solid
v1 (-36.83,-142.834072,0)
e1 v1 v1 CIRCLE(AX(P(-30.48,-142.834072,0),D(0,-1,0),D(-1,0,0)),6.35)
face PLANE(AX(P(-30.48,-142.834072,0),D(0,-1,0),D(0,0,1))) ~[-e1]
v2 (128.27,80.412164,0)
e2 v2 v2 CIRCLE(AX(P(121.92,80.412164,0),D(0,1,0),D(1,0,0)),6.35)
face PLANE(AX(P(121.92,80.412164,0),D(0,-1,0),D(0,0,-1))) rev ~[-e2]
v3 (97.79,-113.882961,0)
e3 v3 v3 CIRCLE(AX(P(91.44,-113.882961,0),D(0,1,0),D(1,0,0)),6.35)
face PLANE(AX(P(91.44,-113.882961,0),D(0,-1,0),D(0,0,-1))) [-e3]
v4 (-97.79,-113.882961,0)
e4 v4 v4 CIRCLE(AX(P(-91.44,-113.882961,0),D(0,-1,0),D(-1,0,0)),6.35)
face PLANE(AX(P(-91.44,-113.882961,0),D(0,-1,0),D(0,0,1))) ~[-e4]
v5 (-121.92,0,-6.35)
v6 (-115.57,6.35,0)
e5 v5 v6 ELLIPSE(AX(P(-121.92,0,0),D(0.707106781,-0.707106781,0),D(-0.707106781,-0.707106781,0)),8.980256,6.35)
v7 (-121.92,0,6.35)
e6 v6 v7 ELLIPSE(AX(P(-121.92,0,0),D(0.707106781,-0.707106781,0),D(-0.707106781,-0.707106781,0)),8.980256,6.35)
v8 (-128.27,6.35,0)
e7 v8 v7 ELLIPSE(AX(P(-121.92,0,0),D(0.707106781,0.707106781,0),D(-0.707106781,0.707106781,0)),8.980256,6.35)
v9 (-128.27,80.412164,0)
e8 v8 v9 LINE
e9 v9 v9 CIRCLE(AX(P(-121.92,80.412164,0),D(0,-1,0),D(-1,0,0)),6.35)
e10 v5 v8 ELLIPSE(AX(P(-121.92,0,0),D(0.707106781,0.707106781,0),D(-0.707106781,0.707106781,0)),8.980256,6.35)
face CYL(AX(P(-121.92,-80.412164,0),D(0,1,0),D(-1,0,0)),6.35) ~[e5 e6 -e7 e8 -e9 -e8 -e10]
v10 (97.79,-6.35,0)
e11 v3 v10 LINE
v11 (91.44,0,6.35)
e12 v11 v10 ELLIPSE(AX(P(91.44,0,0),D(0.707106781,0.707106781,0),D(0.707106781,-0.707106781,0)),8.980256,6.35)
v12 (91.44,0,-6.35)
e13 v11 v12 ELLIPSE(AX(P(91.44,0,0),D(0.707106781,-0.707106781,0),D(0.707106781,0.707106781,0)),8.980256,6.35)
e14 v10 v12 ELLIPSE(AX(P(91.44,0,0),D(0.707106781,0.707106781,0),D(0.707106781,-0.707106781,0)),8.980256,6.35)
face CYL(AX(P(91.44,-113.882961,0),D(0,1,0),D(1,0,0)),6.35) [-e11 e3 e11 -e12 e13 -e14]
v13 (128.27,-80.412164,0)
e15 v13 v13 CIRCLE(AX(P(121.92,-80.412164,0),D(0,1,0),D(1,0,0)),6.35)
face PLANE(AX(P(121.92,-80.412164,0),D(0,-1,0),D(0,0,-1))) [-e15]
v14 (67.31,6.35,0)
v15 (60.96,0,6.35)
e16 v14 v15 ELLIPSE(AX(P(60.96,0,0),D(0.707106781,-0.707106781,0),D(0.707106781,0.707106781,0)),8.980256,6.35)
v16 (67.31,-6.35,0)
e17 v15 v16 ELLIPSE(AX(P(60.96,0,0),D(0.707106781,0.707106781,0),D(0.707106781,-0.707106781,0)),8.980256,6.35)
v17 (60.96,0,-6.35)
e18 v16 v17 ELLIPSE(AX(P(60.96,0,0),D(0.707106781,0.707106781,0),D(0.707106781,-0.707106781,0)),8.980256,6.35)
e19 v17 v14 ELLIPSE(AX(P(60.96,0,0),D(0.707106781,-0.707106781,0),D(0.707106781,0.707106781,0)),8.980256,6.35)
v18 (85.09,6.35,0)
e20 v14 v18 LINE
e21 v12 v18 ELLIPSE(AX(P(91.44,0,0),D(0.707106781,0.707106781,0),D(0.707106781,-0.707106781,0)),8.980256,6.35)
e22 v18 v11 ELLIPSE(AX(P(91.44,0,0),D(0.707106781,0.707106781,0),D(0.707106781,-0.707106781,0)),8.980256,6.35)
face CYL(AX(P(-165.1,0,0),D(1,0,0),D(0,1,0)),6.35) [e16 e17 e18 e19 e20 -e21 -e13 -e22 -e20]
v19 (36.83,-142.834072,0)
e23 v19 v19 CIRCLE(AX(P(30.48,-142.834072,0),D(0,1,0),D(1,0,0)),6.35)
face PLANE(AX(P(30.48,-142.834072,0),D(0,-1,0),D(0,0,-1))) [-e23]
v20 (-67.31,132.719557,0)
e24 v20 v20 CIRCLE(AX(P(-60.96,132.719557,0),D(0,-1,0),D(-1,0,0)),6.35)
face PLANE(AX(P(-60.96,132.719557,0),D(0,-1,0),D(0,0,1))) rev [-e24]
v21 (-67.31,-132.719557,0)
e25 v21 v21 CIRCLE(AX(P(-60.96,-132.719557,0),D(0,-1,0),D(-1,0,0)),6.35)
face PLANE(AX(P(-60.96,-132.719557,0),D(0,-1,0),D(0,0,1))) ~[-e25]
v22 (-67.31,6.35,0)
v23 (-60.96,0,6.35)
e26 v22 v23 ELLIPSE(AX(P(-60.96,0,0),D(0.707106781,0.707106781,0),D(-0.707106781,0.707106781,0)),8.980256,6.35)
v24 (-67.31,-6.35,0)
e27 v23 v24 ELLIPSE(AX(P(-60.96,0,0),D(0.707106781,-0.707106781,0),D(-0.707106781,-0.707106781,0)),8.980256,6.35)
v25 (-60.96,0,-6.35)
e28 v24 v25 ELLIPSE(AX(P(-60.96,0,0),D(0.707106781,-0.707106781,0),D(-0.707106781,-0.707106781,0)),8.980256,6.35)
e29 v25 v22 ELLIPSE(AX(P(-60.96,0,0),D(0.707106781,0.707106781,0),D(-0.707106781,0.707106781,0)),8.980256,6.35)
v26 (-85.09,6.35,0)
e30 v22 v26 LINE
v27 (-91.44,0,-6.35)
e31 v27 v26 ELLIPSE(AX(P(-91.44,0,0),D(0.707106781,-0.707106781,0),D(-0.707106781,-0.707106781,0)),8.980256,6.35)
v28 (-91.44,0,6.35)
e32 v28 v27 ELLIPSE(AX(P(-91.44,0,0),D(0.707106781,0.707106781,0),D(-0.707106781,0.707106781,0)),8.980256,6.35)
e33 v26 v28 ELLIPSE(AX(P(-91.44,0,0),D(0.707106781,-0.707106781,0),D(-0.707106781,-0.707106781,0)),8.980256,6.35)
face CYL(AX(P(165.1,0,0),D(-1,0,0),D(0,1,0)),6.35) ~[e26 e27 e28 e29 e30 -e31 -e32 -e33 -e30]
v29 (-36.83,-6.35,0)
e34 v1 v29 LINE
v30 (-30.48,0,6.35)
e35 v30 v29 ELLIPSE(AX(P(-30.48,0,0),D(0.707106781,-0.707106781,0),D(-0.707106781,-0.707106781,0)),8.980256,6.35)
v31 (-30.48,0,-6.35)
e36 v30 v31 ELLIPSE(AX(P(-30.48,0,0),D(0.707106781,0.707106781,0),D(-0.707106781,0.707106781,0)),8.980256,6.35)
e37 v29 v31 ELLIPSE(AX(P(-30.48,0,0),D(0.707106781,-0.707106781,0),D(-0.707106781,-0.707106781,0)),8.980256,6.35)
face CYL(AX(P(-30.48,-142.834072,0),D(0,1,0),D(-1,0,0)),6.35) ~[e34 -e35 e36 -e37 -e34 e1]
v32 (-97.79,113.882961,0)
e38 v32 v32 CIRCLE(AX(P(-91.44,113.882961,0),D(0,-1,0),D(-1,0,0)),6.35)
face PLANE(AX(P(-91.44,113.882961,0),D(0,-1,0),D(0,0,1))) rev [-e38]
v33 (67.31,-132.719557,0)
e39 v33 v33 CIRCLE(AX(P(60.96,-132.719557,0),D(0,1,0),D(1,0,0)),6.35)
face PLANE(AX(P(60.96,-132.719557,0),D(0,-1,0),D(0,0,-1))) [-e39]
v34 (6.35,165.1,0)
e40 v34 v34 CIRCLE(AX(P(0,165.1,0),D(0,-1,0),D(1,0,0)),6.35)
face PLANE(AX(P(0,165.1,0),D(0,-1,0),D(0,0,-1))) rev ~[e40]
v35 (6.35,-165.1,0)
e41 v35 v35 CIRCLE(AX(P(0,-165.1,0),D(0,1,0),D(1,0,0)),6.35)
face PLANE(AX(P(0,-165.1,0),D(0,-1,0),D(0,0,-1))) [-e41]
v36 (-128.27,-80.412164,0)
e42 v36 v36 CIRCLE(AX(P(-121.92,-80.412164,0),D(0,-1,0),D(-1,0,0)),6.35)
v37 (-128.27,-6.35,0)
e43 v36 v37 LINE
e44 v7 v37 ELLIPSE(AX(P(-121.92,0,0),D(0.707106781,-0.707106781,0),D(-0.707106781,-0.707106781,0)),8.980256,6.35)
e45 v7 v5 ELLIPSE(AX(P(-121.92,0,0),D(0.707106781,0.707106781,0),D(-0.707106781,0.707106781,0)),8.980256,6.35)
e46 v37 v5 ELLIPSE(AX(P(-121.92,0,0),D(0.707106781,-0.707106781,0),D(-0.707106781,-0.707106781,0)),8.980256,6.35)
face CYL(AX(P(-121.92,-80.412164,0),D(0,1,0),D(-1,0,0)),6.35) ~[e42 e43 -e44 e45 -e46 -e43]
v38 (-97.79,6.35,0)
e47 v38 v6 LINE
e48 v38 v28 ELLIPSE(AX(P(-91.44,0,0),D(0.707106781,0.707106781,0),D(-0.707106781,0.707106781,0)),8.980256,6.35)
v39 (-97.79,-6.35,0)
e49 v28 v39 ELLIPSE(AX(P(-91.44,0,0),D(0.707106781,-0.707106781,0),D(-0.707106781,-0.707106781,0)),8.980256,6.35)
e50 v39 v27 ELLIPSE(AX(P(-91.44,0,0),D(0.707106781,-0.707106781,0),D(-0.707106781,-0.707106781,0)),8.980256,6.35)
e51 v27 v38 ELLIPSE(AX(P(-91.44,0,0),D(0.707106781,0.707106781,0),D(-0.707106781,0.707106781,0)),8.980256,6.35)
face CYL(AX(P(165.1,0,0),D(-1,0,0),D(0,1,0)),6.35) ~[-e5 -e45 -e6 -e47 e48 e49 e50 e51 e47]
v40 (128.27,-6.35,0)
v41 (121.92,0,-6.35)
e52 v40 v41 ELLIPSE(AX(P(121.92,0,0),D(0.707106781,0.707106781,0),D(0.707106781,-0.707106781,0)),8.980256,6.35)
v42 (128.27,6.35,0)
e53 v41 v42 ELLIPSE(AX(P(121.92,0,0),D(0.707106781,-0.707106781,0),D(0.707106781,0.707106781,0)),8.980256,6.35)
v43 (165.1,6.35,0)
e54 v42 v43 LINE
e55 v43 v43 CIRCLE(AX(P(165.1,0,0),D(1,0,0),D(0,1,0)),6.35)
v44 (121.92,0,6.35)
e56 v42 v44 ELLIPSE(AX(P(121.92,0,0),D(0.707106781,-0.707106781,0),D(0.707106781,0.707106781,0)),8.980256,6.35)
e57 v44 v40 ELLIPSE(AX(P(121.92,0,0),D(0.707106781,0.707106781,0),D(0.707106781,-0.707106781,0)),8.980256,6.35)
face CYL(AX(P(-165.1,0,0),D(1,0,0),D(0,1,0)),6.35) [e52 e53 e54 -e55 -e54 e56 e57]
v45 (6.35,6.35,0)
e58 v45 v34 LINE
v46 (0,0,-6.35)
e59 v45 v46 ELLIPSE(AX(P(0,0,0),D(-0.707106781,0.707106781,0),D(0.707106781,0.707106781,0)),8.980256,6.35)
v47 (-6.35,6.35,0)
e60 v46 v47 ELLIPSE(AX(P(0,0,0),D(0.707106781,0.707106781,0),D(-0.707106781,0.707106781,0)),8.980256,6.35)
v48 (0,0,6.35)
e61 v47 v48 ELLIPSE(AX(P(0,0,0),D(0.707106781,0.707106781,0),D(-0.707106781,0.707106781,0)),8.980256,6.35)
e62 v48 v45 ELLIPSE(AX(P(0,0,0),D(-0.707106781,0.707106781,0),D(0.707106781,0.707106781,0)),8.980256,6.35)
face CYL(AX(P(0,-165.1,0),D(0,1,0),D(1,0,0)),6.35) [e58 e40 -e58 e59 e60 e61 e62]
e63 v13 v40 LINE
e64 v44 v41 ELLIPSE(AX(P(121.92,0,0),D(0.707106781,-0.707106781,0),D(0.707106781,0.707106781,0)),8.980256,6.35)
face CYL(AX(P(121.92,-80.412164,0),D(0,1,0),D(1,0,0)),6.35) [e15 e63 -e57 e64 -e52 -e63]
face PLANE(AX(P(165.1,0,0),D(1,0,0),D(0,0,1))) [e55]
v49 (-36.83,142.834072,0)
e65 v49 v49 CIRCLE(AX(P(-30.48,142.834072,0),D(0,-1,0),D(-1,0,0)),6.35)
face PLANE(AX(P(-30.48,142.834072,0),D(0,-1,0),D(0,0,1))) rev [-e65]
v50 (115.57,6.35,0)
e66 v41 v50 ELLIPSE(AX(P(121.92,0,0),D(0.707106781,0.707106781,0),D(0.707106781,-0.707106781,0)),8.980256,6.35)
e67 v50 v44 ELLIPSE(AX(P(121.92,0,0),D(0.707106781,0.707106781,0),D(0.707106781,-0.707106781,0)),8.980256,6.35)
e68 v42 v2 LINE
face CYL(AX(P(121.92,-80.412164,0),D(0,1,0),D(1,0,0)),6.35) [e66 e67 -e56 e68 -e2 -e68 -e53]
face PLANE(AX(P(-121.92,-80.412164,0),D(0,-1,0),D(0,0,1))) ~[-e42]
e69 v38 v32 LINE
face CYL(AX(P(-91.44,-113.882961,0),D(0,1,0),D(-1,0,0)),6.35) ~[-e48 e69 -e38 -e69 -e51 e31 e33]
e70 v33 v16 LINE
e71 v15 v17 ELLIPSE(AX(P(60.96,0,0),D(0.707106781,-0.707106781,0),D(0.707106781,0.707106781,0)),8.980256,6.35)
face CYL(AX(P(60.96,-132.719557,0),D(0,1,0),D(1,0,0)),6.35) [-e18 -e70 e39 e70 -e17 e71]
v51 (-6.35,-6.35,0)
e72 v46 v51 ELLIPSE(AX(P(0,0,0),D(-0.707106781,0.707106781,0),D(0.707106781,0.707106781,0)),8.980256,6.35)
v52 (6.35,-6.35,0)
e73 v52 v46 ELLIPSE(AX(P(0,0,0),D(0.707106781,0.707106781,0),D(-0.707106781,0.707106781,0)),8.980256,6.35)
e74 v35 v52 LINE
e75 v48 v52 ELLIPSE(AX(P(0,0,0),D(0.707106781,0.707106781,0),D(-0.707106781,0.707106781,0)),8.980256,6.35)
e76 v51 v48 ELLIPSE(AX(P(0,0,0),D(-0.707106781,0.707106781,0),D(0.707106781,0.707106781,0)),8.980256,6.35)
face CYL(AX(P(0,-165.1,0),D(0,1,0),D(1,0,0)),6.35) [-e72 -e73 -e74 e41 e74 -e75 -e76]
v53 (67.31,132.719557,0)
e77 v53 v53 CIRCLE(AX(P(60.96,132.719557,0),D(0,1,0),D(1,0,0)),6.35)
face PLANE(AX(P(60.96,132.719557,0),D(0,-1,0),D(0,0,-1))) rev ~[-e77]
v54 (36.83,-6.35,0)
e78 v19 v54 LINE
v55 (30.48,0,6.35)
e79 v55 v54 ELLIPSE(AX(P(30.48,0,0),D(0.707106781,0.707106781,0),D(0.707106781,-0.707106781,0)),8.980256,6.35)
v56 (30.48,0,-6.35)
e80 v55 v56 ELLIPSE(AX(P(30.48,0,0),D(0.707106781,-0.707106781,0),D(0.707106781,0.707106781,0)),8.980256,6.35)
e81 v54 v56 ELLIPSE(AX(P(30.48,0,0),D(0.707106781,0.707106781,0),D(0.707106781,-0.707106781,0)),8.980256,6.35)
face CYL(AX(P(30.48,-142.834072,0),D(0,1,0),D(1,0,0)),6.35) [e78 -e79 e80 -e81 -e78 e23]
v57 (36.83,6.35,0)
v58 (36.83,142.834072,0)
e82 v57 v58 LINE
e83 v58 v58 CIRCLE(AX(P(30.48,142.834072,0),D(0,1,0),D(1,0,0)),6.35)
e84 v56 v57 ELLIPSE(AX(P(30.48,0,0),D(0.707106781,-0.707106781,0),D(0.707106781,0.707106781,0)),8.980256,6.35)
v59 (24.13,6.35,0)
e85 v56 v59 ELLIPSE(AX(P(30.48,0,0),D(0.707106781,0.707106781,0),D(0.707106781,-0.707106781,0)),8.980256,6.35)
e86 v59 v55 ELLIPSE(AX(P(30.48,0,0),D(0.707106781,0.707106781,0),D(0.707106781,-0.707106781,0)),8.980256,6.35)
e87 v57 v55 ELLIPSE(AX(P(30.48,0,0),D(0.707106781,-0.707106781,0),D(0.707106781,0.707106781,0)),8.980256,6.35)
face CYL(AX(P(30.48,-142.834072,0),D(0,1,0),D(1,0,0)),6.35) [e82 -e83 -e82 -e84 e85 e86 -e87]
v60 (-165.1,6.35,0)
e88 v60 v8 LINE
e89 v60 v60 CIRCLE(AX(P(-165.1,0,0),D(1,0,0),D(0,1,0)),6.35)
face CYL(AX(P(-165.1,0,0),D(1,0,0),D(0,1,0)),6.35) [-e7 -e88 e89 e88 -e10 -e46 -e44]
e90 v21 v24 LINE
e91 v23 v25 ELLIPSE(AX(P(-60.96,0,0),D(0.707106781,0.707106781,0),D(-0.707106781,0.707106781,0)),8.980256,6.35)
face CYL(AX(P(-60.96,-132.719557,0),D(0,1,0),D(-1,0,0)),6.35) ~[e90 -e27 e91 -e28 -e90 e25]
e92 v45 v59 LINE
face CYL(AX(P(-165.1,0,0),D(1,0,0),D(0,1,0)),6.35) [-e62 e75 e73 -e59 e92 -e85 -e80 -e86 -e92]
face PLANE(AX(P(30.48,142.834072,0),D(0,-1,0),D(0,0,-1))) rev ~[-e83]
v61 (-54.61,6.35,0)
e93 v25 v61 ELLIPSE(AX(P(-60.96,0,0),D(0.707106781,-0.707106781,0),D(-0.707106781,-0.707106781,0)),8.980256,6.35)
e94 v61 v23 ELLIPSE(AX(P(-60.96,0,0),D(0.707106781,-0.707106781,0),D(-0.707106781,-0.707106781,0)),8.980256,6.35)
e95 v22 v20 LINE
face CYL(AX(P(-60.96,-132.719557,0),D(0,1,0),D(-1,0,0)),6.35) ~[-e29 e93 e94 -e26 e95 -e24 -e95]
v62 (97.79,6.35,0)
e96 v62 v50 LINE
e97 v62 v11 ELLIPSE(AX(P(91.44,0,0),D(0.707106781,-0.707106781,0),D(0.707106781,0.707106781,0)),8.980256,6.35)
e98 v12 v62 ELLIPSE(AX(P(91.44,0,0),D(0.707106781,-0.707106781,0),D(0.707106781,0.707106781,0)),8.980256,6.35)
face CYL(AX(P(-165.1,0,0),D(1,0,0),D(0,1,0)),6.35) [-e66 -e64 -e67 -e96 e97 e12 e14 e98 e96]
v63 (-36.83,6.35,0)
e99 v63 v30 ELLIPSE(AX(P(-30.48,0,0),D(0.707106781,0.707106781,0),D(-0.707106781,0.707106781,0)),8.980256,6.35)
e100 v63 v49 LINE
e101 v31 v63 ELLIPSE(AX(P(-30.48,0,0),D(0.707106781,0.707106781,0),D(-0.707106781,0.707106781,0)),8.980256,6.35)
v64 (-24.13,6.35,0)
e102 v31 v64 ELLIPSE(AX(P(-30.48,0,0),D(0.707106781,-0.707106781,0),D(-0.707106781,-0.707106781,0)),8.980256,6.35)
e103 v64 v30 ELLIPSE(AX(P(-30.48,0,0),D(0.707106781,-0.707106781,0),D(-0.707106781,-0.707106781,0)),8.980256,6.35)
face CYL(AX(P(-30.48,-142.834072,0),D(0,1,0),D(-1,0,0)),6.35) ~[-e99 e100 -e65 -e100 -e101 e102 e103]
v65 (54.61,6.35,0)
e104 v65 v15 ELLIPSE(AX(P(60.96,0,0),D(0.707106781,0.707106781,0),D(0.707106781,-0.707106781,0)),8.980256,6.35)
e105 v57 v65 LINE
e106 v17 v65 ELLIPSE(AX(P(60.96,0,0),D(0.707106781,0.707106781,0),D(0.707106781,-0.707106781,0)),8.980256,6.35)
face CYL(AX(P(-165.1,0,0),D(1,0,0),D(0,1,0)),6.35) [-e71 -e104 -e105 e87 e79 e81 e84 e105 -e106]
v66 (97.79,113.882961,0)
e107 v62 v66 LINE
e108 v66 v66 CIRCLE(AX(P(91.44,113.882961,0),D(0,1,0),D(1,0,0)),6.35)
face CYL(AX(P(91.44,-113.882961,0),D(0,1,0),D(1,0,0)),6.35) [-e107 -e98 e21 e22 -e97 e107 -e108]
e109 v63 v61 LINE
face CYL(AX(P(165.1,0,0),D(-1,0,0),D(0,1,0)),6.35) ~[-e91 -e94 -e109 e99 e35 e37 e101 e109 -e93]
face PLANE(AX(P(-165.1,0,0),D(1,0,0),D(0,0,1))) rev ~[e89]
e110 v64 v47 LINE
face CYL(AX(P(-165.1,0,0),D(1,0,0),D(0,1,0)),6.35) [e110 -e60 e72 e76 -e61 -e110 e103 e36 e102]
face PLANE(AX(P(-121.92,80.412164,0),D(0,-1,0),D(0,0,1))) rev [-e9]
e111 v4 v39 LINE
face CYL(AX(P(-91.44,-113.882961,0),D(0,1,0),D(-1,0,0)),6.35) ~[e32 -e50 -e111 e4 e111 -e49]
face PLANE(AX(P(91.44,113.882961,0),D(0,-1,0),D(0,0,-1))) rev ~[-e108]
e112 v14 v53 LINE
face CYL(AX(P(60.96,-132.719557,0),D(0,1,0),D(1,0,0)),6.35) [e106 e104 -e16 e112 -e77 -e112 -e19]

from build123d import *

# Parameters (mm, degrees)
F3_R  = 6.35
F6_R  = 6.35
F9_R  = 6.35
F12_R = 6.35
F15_R = 6.35
F18_R = 6.35


with BuildPart() as f4:
    # F4: sweep along a path in F0
    with BuildLine(Plane.XY) as f4_path:
        Line((0, -165.1), (0, 165.1))
    # F3 (on plane+point) → F4 (sweep)
    with BuildSketch(Plane.XZ.offset(-165.1)):
        Circle(F3_R)
    sweep(path=f4_path.line)

    # F7: sweep along a path in F0
    with BuildLine(Plane.XY) as f7_path:
        Line((-165.1, 0), (165.1, 0))
    # F6 (on plane+point) → F7 (sweep)
    with BuildSketch(Plane.YZ.offset(165.1)):
        Circle(F6_R)
    sweep(path=f7_path.line)

    # F10: sweep along a path in F0
    with BuildLine(Plane.XY) as f10_path:
        Line((30.48, -142.8340719156), (30.48, 142.8340719156))
    # F9 (on plane+point) → F10 (sweep)
    with BuildSketch(Plane.XZ.offset(142.8340719156)):
        with Locations((30.48, 0)):
            Circle(F9_R)
    sweep(path=f10_path.line)

    # F13: sweep along a path in F0
    with BuildLine(Plane.XY) as f13_path:
        Line((60.96, -132.719557338), (60.96, 132.719557338))
    # F12 (on plane+point) → F13 (sweep)
    with BuildSketch(Plane.XZ.offset(132.719557338)):
        with Locations((60.96, 0)):
            Circle(F12_R)
    sweep(path=f13_path.line)

    # F16: sweep along a path in F0
    with BuildLine(Plane.XY) as f16_path:
        Line((91.44, -113.8829614121), (91.44, 113.8829614121))
    # F15 (on plane+point) → F16 (sweep)
    with BuildSketch(Plane.XZ.offset(113.8829614121)):
        with Locations((91.44, 0)):
            Circle(F15_R)
    sweep(path=f16_path.line)

    # F19: sweep along a path in F0
    with BuildLine(Plane.XY) as f19_path:
        Line((121.92, -80.4121638808), (121.92, 80.4121638808))
    # F18 (on plane+point) → F19 (sweep)
    with BuildSketch(Plane.XZ.offset(80.4121638808)):
        with Locations((121.92, 0)):
            Circle(F18_R)
    sweep(path=f19_path.line)

    # F20: F4 across plane


with BuildPart() as f4_1:
    add(f4.part)
    add(f4.part.mirror(Plane.YZ))


solid = f4_1.part
